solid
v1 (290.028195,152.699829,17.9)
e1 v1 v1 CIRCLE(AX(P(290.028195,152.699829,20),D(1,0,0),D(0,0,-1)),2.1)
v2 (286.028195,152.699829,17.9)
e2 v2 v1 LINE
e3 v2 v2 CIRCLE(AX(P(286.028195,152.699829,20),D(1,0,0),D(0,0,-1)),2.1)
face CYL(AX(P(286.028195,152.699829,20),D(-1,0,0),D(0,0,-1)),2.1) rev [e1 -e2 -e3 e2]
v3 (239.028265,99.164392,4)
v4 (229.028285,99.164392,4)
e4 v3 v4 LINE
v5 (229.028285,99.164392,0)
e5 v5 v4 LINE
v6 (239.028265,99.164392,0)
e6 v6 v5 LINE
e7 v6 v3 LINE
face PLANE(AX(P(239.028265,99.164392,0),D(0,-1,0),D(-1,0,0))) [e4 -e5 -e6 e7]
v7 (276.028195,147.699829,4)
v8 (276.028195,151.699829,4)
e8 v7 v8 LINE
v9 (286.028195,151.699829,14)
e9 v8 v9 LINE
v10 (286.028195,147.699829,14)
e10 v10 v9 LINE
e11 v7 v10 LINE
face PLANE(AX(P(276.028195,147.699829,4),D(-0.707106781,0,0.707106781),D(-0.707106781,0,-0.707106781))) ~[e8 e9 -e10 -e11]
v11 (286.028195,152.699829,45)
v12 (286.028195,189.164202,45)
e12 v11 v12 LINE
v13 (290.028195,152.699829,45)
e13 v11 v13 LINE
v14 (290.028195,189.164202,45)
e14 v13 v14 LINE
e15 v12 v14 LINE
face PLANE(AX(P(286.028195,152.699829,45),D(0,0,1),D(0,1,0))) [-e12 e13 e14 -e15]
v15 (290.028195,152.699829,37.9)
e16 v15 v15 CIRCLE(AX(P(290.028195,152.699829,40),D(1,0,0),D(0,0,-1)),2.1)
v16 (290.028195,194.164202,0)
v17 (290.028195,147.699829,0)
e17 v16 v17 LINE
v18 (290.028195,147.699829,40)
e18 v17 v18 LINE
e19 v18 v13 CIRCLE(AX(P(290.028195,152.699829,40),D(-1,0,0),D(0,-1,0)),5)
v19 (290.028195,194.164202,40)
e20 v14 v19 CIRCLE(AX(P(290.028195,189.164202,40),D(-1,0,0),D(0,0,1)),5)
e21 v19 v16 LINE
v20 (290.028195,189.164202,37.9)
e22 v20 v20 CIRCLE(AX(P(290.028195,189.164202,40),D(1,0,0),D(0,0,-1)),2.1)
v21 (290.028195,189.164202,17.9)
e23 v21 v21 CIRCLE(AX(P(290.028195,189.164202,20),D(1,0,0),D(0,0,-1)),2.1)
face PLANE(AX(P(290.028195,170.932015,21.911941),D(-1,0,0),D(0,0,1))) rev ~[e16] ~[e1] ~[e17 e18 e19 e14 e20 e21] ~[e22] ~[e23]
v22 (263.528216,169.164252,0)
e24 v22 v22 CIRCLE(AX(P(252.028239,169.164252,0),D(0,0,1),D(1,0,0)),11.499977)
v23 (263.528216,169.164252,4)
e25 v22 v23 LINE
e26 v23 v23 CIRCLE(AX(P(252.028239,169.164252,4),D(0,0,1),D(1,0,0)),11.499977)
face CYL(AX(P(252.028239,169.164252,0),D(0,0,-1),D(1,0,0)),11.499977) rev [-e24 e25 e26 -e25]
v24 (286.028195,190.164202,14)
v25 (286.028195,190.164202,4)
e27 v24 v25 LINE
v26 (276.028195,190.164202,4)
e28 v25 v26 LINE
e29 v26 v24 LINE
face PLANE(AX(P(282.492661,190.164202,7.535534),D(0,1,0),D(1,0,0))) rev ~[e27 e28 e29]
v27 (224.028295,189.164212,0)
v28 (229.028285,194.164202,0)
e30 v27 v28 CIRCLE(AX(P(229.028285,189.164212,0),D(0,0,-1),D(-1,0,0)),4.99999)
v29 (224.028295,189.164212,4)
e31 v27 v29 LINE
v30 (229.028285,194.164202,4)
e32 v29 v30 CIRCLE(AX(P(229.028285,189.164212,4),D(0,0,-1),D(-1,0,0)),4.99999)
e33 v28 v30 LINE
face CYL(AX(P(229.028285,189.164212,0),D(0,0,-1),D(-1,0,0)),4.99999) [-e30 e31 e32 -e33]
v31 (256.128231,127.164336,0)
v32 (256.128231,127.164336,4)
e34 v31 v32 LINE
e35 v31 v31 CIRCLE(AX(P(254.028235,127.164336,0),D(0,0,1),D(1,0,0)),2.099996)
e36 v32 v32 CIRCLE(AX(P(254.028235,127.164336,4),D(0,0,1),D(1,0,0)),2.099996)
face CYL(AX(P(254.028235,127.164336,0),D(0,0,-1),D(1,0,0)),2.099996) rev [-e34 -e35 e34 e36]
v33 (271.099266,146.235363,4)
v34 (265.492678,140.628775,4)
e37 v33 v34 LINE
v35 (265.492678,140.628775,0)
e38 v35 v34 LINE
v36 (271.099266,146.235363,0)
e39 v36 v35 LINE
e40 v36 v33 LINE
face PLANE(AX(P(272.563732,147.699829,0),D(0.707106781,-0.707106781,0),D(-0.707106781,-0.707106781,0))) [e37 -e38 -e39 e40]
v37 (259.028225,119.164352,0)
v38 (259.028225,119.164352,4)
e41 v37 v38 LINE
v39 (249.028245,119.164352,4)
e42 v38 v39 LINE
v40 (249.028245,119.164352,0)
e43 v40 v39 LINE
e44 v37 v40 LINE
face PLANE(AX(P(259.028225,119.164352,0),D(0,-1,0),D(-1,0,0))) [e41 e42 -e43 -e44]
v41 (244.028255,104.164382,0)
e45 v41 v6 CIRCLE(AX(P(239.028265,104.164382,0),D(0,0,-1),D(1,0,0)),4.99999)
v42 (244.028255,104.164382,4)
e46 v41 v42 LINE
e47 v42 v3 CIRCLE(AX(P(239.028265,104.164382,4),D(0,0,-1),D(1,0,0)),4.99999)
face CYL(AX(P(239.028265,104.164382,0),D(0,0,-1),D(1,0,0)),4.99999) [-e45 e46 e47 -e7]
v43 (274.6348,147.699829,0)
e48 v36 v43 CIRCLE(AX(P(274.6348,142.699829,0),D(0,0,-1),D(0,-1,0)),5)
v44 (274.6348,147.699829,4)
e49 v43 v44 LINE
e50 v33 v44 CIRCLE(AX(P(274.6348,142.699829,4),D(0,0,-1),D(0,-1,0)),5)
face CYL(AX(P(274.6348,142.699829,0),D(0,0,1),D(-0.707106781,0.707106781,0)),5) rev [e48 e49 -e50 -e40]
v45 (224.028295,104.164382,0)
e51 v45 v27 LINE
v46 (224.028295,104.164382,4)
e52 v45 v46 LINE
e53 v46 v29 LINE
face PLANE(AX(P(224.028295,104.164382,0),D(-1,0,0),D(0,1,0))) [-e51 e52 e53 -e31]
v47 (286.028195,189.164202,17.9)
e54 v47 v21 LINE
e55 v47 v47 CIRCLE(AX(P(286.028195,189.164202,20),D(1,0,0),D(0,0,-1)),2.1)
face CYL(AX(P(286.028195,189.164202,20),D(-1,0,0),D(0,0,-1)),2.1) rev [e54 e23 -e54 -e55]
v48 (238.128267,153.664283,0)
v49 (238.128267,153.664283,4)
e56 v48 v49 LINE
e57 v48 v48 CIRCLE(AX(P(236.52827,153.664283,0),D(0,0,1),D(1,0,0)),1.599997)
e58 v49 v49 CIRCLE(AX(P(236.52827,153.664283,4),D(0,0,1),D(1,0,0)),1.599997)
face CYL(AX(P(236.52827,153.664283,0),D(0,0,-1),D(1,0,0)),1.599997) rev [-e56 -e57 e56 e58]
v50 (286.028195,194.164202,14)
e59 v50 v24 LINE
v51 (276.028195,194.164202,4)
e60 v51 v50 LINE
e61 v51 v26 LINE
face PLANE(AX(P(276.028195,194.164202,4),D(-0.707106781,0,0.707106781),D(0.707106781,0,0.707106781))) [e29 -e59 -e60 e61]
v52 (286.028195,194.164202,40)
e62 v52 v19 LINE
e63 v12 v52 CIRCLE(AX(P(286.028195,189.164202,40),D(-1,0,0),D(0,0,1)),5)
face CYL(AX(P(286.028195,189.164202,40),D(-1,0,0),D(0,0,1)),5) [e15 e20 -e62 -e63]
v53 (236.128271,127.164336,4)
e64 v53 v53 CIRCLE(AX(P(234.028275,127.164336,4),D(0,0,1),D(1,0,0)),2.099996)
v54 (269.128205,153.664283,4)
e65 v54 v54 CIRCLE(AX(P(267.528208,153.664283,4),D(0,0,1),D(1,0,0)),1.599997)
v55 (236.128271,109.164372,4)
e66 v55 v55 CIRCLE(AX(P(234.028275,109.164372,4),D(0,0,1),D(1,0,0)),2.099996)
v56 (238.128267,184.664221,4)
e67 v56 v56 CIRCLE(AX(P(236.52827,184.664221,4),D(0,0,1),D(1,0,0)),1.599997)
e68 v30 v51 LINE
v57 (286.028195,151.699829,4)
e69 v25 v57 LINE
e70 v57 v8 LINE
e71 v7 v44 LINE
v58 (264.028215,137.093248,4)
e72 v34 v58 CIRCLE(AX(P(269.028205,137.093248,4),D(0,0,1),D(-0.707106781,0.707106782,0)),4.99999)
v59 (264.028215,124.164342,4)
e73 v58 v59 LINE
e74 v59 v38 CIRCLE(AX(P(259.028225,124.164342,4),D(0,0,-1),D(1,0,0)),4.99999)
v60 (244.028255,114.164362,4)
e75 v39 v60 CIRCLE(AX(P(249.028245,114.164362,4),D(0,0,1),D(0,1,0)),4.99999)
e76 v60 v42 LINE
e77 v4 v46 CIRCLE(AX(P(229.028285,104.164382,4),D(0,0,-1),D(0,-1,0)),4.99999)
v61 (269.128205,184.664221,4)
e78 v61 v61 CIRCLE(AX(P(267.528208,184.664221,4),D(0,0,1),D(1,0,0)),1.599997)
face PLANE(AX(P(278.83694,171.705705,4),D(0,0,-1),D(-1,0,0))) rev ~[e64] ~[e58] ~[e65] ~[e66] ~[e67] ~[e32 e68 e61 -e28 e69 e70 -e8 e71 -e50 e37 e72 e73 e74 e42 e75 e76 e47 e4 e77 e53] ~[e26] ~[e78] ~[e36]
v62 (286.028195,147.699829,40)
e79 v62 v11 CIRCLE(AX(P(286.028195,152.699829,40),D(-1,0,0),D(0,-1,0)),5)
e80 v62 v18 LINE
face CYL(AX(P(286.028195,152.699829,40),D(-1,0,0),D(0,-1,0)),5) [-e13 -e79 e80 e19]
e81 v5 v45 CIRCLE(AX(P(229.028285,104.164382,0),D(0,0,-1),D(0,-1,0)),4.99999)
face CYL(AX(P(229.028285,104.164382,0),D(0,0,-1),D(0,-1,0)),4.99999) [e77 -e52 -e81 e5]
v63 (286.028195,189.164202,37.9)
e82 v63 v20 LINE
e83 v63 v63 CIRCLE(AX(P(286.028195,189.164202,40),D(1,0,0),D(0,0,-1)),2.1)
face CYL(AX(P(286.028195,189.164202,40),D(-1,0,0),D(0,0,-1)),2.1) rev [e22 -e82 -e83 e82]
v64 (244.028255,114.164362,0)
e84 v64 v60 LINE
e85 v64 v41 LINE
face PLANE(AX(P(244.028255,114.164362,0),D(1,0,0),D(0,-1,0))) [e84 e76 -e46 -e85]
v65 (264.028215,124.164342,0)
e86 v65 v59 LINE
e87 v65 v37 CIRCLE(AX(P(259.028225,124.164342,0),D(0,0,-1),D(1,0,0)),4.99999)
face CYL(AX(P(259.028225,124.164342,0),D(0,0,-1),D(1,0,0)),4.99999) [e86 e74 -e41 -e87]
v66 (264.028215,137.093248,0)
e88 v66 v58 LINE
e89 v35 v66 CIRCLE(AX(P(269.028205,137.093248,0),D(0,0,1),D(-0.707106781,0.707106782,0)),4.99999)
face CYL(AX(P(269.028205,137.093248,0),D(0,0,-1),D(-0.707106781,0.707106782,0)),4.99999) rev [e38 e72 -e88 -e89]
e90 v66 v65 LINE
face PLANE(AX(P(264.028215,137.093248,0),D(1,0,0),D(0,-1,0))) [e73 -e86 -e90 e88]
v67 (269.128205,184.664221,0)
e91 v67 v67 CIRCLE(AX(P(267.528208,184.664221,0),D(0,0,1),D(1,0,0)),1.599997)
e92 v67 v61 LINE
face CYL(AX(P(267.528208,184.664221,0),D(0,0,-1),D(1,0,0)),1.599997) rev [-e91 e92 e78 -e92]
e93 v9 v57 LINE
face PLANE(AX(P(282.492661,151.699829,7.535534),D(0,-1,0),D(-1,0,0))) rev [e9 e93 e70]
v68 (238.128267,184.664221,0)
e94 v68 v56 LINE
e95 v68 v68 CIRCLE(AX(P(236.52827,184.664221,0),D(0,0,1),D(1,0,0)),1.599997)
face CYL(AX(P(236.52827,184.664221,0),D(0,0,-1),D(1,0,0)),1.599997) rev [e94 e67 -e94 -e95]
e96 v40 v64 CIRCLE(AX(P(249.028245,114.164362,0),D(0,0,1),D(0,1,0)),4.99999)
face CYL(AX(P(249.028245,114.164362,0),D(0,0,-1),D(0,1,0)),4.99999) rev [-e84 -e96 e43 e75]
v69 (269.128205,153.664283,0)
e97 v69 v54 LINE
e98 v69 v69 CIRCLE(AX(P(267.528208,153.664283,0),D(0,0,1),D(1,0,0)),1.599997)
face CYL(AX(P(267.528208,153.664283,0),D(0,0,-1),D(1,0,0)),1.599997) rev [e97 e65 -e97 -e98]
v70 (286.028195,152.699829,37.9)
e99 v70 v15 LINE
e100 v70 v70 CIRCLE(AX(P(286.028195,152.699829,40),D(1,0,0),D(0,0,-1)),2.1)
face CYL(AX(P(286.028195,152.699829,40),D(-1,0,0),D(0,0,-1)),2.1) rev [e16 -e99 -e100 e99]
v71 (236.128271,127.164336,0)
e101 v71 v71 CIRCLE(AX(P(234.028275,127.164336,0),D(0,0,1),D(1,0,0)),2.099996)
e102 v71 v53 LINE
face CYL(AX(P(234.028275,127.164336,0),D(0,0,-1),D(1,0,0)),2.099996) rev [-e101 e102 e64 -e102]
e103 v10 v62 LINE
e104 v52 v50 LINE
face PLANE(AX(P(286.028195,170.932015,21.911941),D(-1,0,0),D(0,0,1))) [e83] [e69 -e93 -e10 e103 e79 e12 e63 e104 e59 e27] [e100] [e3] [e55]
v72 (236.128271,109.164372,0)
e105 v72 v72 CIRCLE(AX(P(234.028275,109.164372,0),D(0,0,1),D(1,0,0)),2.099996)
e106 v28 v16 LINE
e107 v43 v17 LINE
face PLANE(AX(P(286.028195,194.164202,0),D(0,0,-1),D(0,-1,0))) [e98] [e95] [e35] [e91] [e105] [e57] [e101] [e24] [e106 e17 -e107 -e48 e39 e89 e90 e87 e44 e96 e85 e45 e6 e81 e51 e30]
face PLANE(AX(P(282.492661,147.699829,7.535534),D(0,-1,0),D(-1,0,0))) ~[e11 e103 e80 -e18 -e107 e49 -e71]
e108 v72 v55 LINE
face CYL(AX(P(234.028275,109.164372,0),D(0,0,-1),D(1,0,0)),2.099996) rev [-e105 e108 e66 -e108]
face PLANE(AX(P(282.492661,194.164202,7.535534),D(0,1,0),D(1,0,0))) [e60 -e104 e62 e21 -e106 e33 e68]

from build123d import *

# Parameters (mm, degrees)
MODEL_R         = 1.5999968
MODEL_R_2       = 2.0999958
MODEL_R_3       = 11.499977
EXTRUDE_1_DEPTH = 4
EXTRUDE_2_DEPTH = 4
FILLET_1_R      = 5
SKETCH_2_R      = 2.1
EXTRUDE_3_DEPTH = 4
EXTRUDE_4_DEPTH = 4


with BuildPart() as part:
    # Model → Бобышка-Вытянуть1 (new body)
    with BuildSketch(Plane.XY):
        with BuildLine():
            Line((274.028195208, 189.164211852), (274.028195208, 151.235355522))
            ThreePointArc((274.028195208, 151.235355522), (273.647593631, 149.321942187), (272.563732042, 147.699828687))
            Line((272.563732042, 147.699828687), (265.492678373, 140.628775017))
            ThreePointArc((265.492678373, 140.628775017), (264.408816784, 139.006661518), (264.028215208, 137.093248183))
            Line((264.028215208, 137.093248183), (264.028215208, 124.164341852))
            ThreePointArc((264.028215208, 124.164341852), (262.563752042, 120.628815017), (259.028225208, 119.164351852))
            Line((259.028225208, 119.164351852), (249.028245208, 119.164351852))
            ThreePointArc((249.028245208, 119.164351852), (245.492718373, 117.699888687), (244.028255208, 114.164361852))
            Line((244.028255208, 114.164361852), (244.028255208, 104.164381852))
            ThreePointArc((244.028255208, 104.164381852), (242.563792042, 100.628855017), (239.028265208, 99.164391852))
            Line((239.028265208, 99.164391852), (229.028285208, 99.164391852))
            ThreePointArc((229.028285208, 99.164391852), (225.492758373, 100.628855017), (224.028295208, 104.164381852))
            Line((224.028295208, 104.164381852), (224.028295208, 189.164211852))
            ThreePointArc((224.028295208, 189.164211852), (225.492758373, 192.699738687), (229.028285208, 194.164201852))
            Line((229.028285208, 194.164201852), (269.028205208, 194.164201852))
            ThreePointArc((269.028205208, 194.164201852), (272.563732043, 192.699738687), (274.028195208, 189.164211852))
        make_face()
        with Locations((267.528208208, 184.664220852)):
            Circle(MODEL_R, mode=Mode.SUBTRACT)
        with Locations((267.528208208, 153.664282852)):
            Circle(MODEL_R, mode=Mode.SUBTRACT)
        with Locations((236.528270208, 153.664282852)):
            Circle(MODEL_R, mode=Mode.SUBTRACT)
        with Locations((236.528270208, 184.664220852)):
            Circle(MODEL_R, mode=Mode.SUBTRACT)
        with Locations((254.028235208, 127.164335852)):
            Circle(MODEL_R_2, mode=Mode.SUBTRACT)
        with Locations((234.028275208, 127.164335852)):
            Circle(MODEL_R_2, mode=Mode.SUBTRACT)
        with Locations((234.028275208, 109.164371852)):
            Circle(MODEL_R_2, mode=Mode.SUBTRACT)
        with Locations((252.028239208, 169.164251852)):
            Circle(MODEL_R_3, mode=Mode.SUBTRACT)
    extrude(amount=EXTRUDE_1_DEPTH)

    # Эскиз1 → Бобышка-Вытянуть2 (add)
    with BuildSketch(Plane(origin=(0, 0, 0), x_dir=(-1, 0, 0), z_dir=(0, 0, -1))):
        Polygon((-274.028195208, 194.164201852), (-286.028195208, 194.164201852), (-286.028195208, 147.699828687), (-274.028195208, 147.699828687), (-271.528200208, 147.699828687), (-271.528200208, 152.064286052), (-274.028195208, 152.064286052), (-274.028195208, 189.164211852), (-269.028205208, 189.164211852), (-269.028205208, 194.164201852), align=None)
    extrude(amount=-EXTRUDE_2_DEPTH)

    # Скругление1
    fillet_1_edges = [part.edges().sort_by_distance(p)[0] for p in [
        (272.563732042, 147.699828687, 2),
    ]]
    fillet(fillet_1_edges, radius=FILLET_1_R)

    # Эскиз2 → Бобышка-Вытянуть3 (add)
    with BuildSketch(Plane(origin=(286.028195208, 0, 0), x_dir=(0, 0, -1), z_dir=(1, 0, 0))):
        with BuildLine():
            Line((0, 147.699828687), (-40, 147.699828687))
            ThreePointArc((-40, 147.699828687), (-43.535533906, 149.164294781), (-45, 152.699828687))
            Line((-45, 152.699828687), (-45, 189.164201852))
            ThreePointArc((-45, 189.164201852), (-43.535533906, 192.699735758), (-40, 194.164201852))
            Line((-40, 194.164201852), (0, 194.164201852))
            Line((0, 194.164201852), (0, 147.699828687))
        make_face()
        with Locations((-40, 189.164201852)):
            Circle(SKETCH_2_R, mode=Mode.SUBTRACT)
        with Locations((-40, 152.699828687)):
            Circle(SKETCH_2_R, mode=Mode.SUBTRACT)
        with Locations((-20, 189.164201852)):
            Circle(SKETCH_2_R, mode=Mode.SUBTRACT)
        with Locations((-20, 152.699828687)):
            Circle(SKETCH_2_R, mode=Mode.SUBTRACT)
    extrude(amount=EXTRUDE_3_DEPTH)

    # Эскиз3 → Бобышка-Вытянуть4 (add)
    with BuildSketch(Plane(origin=(0, 194.164201852, 0), x_dir=(1, 0, 0), z_dir=(0, 1, 0))):
        Polygon((286.028195208, -4), (276.028195208, -4), (286.028195208, -14), align=None)
    extrude_4 = extrude(amount=-EXTRUDE_4_DEPTH)

    # Зеркальное отражение1: Бобышка-Вытянуть4 across plane
    add(extrude_4.mirror(Plane.ZX.offset(170.93201527)))


solid = part.part
